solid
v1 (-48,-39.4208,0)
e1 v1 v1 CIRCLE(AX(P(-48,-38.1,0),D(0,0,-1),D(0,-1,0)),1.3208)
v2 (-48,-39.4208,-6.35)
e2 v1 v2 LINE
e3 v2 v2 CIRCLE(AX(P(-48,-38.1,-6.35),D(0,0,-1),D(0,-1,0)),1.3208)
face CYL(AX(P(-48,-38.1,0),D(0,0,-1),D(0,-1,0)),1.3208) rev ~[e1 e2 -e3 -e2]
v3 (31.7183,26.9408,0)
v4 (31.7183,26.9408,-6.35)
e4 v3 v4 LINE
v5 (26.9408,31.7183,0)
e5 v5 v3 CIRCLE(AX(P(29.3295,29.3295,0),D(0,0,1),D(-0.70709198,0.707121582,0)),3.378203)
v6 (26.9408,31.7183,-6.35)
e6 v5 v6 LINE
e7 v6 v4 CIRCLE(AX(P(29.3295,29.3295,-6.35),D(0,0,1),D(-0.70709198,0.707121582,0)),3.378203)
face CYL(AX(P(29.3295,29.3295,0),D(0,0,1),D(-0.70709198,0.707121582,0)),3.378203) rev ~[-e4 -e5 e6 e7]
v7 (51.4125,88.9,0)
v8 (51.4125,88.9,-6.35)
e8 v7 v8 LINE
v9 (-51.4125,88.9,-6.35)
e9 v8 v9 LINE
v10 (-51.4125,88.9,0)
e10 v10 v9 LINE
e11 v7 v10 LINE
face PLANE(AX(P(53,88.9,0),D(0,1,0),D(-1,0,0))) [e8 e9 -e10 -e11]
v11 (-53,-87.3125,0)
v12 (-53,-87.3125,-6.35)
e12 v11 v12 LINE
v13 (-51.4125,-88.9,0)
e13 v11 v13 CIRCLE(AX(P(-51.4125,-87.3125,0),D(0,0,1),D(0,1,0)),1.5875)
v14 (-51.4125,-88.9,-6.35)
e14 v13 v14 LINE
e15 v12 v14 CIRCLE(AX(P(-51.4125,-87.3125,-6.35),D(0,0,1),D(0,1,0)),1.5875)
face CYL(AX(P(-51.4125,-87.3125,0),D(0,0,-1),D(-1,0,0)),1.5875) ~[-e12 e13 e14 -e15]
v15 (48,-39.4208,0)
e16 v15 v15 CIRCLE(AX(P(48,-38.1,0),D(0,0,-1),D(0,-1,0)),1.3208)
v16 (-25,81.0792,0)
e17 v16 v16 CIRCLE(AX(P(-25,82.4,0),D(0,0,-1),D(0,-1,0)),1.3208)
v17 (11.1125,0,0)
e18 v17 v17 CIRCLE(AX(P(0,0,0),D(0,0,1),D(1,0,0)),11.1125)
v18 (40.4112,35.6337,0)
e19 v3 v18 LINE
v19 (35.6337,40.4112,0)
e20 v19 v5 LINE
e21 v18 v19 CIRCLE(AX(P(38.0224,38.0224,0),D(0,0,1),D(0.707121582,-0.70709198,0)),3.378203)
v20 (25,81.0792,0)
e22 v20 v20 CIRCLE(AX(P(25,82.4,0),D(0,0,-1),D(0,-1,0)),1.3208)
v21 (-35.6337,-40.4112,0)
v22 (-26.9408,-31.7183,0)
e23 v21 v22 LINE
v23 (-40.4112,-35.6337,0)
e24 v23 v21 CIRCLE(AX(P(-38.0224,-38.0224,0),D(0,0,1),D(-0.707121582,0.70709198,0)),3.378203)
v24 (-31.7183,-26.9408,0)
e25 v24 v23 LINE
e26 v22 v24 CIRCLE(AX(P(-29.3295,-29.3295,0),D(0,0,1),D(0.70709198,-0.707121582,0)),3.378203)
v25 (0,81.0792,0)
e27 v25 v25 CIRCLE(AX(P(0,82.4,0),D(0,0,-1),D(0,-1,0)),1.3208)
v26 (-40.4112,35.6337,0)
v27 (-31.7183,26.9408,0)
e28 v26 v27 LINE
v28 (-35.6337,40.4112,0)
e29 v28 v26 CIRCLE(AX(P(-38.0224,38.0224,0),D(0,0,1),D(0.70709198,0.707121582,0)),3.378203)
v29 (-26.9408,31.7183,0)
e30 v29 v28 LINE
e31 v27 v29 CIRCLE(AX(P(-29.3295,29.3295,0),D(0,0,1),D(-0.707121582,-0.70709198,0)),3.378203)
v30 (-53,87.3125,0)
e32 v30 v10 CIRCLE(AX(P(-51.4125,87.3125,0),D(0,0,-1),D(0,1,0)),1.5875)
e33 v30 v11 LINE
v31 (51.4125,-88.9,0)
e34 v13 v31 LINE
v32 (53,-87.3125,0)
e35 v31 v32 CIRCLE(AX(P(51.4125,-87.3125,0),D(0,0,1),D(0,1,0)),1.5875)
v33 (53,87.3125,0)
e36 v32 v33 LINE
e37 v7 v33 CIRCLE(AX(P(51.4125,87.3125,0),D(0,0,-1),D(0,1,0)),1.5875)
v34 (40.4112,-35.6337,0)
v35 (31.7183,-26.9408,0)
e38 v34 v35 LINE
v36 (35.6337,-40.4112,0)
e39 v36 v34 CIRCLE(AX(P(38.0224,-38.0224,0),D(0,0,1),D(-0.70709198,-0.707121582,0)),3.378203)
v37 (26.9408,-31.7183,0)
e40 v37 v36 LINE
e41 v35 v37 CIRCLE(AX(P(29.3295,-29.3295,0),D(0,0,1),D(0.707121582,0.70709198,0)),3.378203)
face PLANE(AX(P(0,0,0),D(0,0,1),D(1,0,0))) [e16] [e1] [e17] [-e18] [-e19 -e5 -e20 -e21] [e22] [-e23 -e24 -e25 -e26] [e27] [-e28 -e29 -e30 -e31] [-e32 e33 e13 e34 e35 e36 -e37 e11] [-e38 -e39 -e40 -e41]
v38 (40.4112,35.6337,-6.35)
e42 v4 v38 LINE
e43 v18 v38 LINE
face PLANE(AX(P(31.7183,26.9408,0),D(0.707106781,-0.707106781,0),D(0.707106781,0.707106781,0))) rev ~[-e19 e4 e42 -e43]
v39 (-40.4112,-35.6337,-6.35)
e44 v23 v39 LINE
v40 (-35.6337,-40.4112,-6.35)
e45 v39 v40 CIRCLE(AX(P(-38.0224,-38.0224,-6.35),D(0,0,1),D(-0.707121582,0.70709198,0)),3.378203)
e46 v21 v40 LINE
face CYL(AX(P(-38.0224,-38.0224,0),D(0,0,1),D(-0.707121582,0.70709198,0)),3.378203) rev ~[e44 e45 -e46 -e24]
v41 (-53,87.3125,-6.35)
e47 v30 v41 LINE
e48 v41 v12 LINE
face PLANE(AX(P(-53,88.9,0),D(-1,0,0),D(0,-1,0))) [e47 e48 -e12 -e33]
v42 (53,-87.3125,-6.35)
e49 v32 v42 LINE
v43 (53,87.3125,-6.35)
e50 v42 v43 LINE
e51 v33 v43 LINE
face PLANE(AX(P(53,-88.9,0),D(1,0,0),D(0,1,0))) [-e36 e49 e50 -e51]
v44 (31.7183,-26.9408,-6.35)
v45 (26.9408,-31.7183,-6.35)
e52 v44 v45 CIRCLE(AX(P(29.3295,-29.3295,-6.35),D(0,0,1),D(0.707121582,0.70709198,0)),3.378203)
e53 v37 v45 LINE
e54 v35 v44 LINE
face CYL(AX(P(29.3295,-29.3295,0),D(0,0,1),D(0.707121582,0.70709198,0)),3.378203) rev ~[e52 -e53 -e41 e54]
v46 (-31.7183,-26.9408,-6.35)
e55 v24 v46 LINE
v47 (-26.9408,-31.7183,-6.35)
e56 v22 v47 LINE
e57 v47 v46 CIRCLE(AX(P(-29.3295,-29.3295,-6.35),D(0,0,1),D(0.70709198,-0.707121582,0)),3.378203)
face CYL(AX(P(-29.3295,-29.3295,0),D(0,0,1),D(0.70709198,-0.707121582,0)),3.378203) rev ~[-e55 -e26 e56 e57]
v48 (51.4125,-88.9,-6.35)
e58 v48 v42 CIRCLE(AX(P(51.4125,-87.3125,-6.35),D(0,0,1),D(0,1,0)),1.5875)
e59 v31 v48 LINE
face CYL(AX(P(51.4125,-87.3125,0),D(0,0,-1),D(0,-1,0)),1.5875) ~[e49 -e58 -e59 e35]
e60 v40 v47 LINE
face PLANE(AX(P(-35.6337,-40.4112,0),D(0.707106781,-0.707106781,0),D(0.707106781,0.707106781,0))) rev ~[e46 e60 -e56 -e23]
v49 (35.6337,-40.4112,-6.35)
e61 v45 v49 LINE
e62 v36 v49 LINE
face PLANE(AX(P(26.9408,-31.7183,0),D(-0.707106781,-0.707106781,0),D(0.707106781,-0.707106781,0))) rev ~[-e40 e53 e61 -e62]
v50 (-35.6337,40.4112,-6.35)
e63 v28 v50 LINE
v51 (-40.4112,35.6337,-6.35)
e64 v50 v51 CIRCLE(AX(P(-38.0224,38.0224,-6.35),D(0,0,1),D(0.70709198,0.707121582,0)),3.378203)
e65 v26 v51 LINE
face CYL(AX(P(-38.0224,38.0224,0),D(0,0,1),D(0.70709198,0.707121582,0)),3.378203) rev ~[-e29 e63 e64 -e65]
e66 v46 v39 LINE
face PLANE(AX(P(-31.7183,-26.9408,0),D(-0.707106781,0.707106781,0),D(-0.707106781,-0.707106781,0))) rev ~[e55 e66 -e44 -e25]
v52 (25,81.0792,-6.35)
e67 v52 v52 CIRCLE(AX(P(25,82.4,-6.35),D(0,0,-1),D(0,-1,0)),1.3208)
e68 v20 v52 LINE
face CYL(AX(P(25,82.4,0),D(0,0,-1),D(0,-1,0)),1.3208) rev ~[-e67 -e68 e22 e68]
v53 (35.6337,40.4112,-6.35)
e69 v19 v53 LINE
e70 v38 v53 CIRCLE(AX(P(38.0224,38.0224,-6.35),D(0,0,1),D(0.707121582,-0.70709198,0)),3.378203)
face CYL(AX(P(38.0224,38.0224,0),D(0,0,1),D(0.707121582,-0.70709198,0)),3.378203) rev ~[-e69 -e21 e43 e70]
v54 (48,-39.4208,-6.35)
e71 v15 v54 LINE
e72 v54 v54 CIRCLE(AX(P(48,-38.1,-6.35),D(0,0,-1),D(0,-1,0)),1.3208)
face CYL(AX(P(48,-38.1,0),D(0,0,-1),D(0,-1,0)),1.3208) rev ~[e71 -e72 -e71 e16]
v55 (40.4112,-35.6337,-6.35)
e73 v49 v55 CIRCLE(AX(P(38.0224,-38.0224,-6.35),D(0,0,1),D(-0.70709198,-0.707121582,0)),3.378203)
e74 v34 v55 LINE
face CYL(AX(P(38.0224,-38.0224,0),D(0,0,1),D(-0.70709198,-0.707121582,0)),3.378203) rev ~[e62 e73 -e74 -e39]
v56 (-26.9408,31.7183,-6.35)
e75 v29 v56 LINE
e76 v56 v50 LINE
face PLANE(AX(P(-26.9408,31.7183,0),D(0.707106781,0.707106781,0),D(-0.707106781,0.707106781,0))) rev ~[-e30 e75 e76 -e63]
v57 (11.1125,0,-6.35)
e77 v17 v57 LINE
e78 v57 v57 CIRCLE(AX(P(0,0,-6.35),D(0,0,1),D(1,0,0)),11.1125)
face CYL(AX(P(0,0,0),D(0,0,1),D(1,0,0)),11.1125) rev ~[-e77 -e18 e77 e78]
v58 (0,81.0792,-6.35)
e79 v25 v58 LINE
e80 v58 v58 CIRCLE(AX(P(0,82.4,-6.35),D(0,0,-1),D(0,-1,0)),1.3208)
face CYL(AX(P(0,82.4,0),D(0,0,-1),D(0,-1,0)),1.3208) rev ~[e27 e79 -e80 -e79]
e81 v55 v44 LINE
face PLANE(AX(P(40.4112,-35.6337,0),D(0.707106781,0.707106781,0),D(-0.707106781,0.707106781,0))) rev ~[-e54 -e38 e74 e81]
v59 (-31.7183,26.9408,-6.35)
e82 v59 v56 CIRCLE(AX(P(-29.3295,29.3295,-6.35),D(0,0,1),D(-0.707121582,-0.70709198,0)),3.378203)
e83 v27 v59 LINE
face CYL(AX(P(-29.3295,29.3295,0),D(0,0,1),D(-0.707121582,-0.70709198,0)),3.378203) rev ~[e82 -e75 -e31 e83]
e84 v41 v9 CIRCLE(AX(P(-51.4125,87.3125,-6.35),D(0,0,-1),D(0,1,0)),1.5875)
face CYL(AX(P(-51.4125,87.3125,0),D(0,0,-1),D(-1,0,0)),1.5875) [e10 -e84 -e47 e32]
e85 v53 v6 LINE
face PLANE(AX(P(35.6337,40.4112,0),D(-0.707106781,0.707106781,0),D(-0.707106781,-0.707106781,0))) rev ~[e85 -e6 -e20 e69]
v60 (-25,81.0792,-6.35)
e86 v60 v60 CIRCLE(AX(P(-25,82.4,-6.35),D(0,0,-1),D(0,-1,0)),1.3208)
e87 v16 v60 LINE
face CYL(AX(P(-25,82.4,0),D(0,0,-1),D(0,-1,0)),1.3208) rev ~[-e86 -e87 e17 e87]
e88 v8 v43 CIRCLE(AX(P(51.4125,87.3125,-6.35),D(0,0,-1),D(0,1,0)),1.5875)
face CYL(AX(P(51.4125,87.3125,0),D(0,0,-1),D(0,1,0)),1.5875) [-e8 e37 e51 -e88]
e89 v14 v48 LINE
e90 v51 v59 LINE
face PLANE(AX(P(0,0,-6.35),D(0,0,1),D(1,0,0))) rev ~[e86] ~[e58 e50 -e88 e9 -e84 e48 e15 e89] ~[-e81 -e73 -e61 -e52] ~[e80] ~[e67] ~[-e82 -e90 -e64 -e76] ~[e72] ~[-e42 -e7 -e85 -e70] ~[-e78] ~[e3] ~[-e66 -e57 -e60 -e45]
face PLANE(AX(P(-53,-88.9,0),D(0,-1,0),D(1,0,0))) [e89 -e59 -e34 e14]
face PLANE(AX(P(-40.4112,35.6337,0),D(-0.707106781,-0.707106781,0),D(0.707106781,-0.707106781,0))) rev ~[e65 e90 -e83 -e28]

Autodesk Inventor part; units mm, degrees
ref_plane "YZ Plane" through (0, 0, 0) normal (1, 0, 0) x (0, 1, 0)
ref_plane "XZ Plane" through (0, 0, 0) normal (0, 1, 0) x (-1, 0, 0)
ref_plane "XY Plane" through (0, 0, 0) normal (0, 0, 1) x (1, 0, 0)
sketch "Sketch2" plane through (0, 0, 0) normal (0, 0, 1) x (1, 0, 0)
  line L0 (-53, -88.9) -> (53, -88.9)
  line L1 (53, -88.9) -> (53, 88.9)
  line L2 (53, 88.9) -> (-53, 88.9)
  line L3 (-53, 88.9) -> (-53, -88.9)
  line L4 (-53, -88.9) -> (53, 88.9) construction
  line L5 (53, -88.9) -> (-53, 88.9) construction
  point P0 (0, 0)
  dimension "d0" = 106
  dimension "d1" = 177.8
extrude "Extrusion1" add sketch "Sketch2" against normal blind 6.35
sketch "Sketch5" plane through (0, 0, 0) normal (0, 0, 1) x (1, 0, 0)
  circle A0 centre (0, 0) radius 11.1125
  dimension "d26" = 22.225
extrude "CenterHole" cut sketch "Sketch5" against normal through all
sketch "Sketch6" plane through (0, 0, 0) normal (0, 0, 1) x (1, 0, 0)
  line L0 (-53, 88.9) -> (-53, -88.9) projected
  line L1 (53, -88.9) -> (53, 88.9) projected
  line L2 (-53, -88.9) -> (-53, 88.9) construction
  line L3 (-53, 82.4) -> (53, 82.4) construction
  line L4 (53, 88.9) -> (-53, 88.9) construction
  point P0 (0, 0)
  point P1 (0, 82.4)
  point P2 (123.3454, 23.3667)
  point P3 (-25, 82.4)
  point P4 (25, 82.4)
  dimension "d29" = 6.5
  dimension "d30" = 25
  dimension "d31" = 25
hole "TopThreeHoles" at (0, 82.4, 0) at (123.3454, 23.3667, 0) at (-25, 82.4, 0) at (25, 82.4, 0) direction (0, 0, -1) diameter 2.6416 end through all thread size "6-32 UNC" class "2B" standard "ANSI Unified Screw Threads"
sketch "Sketch7" plane through (0, 0, 0) normal (0, 0, 1) x (1, 0, 0)
  line L0 (53, -88.9) -> (53, 88.9) projected
  line L1 (-53, 88.9) -> (-53, -88.9) projected
  line L2 (-53, -38.1) -> (53, -38.1) construction
  line L3 (53, 88.9) -> (53, -88.9) projected
  line L4 (53, 88.9) -> (-53, 88.9) construction
  point P0 (0, 0)
  point P1 (-48, -38.1)
  point P2 (48, -38.1)
  dimension "d39" = 127
  dimension "d40" = 5
  dimension "d41" = 5
hole "BottomTwoHoles" at (-48, -38.1, 0) at (48, -38.1, 0) direction (0, 0, -1) diameter 2.6416 end through all thread size "6-32 UNC" class "2B" standard "ANSI Unified Screw Threads"
fillet "Fillet1" radius 1.5875 4 edges at (53, 88.9, -3.175) (-53, 88.9, -3.175) (53, -88.9, -3.175) (-53, -88.9, -3.175)
sketch "Sketch8" plane through (0, 0, 0) normal (0, 0, 1) x (1, 0, 0)
  line L0 (0, 0) -> (-53, 53) construction
  line L1 (-53, 87.3125) -> (-53, -87.3125) construction
  line L2 (-38.0224, 38.0224) -> (-29.3295, 29.3295) construction
  line L3 (-40.4112, 35.6337) -> (-31.7183, 26.9408)
  line L4 (-26.9408, 31.7183) -> (-35.6337, 40.4112)
  arc A0 (-35.6337, 40.4112) -> (-40.4112, 35.6337) centre (-38.0224, 38.0224) ccw
  arc A1 (-31.7183, 26.9408) -> (-26.9408, 31.7183) centre (-29.3295, 29.3295) ccw
  point P0 (-33.676, 33.676)
  dimension "d50" = 45
  dimension "d51" = 6.7564
  dimension "d53" = 19.05
  dimension "d59" = 3.3782
  dimension "d60" = 41.4782
extrude "SlotForScrews" cut sketch "Sketch8" against normal through all
pattern_circular "Circular Pattern1" count 4 over 360 about axis through (0, 0, -10) along (0, 0, 1) of "SlotForScrews"
properties part number "properySideGateGasket"
